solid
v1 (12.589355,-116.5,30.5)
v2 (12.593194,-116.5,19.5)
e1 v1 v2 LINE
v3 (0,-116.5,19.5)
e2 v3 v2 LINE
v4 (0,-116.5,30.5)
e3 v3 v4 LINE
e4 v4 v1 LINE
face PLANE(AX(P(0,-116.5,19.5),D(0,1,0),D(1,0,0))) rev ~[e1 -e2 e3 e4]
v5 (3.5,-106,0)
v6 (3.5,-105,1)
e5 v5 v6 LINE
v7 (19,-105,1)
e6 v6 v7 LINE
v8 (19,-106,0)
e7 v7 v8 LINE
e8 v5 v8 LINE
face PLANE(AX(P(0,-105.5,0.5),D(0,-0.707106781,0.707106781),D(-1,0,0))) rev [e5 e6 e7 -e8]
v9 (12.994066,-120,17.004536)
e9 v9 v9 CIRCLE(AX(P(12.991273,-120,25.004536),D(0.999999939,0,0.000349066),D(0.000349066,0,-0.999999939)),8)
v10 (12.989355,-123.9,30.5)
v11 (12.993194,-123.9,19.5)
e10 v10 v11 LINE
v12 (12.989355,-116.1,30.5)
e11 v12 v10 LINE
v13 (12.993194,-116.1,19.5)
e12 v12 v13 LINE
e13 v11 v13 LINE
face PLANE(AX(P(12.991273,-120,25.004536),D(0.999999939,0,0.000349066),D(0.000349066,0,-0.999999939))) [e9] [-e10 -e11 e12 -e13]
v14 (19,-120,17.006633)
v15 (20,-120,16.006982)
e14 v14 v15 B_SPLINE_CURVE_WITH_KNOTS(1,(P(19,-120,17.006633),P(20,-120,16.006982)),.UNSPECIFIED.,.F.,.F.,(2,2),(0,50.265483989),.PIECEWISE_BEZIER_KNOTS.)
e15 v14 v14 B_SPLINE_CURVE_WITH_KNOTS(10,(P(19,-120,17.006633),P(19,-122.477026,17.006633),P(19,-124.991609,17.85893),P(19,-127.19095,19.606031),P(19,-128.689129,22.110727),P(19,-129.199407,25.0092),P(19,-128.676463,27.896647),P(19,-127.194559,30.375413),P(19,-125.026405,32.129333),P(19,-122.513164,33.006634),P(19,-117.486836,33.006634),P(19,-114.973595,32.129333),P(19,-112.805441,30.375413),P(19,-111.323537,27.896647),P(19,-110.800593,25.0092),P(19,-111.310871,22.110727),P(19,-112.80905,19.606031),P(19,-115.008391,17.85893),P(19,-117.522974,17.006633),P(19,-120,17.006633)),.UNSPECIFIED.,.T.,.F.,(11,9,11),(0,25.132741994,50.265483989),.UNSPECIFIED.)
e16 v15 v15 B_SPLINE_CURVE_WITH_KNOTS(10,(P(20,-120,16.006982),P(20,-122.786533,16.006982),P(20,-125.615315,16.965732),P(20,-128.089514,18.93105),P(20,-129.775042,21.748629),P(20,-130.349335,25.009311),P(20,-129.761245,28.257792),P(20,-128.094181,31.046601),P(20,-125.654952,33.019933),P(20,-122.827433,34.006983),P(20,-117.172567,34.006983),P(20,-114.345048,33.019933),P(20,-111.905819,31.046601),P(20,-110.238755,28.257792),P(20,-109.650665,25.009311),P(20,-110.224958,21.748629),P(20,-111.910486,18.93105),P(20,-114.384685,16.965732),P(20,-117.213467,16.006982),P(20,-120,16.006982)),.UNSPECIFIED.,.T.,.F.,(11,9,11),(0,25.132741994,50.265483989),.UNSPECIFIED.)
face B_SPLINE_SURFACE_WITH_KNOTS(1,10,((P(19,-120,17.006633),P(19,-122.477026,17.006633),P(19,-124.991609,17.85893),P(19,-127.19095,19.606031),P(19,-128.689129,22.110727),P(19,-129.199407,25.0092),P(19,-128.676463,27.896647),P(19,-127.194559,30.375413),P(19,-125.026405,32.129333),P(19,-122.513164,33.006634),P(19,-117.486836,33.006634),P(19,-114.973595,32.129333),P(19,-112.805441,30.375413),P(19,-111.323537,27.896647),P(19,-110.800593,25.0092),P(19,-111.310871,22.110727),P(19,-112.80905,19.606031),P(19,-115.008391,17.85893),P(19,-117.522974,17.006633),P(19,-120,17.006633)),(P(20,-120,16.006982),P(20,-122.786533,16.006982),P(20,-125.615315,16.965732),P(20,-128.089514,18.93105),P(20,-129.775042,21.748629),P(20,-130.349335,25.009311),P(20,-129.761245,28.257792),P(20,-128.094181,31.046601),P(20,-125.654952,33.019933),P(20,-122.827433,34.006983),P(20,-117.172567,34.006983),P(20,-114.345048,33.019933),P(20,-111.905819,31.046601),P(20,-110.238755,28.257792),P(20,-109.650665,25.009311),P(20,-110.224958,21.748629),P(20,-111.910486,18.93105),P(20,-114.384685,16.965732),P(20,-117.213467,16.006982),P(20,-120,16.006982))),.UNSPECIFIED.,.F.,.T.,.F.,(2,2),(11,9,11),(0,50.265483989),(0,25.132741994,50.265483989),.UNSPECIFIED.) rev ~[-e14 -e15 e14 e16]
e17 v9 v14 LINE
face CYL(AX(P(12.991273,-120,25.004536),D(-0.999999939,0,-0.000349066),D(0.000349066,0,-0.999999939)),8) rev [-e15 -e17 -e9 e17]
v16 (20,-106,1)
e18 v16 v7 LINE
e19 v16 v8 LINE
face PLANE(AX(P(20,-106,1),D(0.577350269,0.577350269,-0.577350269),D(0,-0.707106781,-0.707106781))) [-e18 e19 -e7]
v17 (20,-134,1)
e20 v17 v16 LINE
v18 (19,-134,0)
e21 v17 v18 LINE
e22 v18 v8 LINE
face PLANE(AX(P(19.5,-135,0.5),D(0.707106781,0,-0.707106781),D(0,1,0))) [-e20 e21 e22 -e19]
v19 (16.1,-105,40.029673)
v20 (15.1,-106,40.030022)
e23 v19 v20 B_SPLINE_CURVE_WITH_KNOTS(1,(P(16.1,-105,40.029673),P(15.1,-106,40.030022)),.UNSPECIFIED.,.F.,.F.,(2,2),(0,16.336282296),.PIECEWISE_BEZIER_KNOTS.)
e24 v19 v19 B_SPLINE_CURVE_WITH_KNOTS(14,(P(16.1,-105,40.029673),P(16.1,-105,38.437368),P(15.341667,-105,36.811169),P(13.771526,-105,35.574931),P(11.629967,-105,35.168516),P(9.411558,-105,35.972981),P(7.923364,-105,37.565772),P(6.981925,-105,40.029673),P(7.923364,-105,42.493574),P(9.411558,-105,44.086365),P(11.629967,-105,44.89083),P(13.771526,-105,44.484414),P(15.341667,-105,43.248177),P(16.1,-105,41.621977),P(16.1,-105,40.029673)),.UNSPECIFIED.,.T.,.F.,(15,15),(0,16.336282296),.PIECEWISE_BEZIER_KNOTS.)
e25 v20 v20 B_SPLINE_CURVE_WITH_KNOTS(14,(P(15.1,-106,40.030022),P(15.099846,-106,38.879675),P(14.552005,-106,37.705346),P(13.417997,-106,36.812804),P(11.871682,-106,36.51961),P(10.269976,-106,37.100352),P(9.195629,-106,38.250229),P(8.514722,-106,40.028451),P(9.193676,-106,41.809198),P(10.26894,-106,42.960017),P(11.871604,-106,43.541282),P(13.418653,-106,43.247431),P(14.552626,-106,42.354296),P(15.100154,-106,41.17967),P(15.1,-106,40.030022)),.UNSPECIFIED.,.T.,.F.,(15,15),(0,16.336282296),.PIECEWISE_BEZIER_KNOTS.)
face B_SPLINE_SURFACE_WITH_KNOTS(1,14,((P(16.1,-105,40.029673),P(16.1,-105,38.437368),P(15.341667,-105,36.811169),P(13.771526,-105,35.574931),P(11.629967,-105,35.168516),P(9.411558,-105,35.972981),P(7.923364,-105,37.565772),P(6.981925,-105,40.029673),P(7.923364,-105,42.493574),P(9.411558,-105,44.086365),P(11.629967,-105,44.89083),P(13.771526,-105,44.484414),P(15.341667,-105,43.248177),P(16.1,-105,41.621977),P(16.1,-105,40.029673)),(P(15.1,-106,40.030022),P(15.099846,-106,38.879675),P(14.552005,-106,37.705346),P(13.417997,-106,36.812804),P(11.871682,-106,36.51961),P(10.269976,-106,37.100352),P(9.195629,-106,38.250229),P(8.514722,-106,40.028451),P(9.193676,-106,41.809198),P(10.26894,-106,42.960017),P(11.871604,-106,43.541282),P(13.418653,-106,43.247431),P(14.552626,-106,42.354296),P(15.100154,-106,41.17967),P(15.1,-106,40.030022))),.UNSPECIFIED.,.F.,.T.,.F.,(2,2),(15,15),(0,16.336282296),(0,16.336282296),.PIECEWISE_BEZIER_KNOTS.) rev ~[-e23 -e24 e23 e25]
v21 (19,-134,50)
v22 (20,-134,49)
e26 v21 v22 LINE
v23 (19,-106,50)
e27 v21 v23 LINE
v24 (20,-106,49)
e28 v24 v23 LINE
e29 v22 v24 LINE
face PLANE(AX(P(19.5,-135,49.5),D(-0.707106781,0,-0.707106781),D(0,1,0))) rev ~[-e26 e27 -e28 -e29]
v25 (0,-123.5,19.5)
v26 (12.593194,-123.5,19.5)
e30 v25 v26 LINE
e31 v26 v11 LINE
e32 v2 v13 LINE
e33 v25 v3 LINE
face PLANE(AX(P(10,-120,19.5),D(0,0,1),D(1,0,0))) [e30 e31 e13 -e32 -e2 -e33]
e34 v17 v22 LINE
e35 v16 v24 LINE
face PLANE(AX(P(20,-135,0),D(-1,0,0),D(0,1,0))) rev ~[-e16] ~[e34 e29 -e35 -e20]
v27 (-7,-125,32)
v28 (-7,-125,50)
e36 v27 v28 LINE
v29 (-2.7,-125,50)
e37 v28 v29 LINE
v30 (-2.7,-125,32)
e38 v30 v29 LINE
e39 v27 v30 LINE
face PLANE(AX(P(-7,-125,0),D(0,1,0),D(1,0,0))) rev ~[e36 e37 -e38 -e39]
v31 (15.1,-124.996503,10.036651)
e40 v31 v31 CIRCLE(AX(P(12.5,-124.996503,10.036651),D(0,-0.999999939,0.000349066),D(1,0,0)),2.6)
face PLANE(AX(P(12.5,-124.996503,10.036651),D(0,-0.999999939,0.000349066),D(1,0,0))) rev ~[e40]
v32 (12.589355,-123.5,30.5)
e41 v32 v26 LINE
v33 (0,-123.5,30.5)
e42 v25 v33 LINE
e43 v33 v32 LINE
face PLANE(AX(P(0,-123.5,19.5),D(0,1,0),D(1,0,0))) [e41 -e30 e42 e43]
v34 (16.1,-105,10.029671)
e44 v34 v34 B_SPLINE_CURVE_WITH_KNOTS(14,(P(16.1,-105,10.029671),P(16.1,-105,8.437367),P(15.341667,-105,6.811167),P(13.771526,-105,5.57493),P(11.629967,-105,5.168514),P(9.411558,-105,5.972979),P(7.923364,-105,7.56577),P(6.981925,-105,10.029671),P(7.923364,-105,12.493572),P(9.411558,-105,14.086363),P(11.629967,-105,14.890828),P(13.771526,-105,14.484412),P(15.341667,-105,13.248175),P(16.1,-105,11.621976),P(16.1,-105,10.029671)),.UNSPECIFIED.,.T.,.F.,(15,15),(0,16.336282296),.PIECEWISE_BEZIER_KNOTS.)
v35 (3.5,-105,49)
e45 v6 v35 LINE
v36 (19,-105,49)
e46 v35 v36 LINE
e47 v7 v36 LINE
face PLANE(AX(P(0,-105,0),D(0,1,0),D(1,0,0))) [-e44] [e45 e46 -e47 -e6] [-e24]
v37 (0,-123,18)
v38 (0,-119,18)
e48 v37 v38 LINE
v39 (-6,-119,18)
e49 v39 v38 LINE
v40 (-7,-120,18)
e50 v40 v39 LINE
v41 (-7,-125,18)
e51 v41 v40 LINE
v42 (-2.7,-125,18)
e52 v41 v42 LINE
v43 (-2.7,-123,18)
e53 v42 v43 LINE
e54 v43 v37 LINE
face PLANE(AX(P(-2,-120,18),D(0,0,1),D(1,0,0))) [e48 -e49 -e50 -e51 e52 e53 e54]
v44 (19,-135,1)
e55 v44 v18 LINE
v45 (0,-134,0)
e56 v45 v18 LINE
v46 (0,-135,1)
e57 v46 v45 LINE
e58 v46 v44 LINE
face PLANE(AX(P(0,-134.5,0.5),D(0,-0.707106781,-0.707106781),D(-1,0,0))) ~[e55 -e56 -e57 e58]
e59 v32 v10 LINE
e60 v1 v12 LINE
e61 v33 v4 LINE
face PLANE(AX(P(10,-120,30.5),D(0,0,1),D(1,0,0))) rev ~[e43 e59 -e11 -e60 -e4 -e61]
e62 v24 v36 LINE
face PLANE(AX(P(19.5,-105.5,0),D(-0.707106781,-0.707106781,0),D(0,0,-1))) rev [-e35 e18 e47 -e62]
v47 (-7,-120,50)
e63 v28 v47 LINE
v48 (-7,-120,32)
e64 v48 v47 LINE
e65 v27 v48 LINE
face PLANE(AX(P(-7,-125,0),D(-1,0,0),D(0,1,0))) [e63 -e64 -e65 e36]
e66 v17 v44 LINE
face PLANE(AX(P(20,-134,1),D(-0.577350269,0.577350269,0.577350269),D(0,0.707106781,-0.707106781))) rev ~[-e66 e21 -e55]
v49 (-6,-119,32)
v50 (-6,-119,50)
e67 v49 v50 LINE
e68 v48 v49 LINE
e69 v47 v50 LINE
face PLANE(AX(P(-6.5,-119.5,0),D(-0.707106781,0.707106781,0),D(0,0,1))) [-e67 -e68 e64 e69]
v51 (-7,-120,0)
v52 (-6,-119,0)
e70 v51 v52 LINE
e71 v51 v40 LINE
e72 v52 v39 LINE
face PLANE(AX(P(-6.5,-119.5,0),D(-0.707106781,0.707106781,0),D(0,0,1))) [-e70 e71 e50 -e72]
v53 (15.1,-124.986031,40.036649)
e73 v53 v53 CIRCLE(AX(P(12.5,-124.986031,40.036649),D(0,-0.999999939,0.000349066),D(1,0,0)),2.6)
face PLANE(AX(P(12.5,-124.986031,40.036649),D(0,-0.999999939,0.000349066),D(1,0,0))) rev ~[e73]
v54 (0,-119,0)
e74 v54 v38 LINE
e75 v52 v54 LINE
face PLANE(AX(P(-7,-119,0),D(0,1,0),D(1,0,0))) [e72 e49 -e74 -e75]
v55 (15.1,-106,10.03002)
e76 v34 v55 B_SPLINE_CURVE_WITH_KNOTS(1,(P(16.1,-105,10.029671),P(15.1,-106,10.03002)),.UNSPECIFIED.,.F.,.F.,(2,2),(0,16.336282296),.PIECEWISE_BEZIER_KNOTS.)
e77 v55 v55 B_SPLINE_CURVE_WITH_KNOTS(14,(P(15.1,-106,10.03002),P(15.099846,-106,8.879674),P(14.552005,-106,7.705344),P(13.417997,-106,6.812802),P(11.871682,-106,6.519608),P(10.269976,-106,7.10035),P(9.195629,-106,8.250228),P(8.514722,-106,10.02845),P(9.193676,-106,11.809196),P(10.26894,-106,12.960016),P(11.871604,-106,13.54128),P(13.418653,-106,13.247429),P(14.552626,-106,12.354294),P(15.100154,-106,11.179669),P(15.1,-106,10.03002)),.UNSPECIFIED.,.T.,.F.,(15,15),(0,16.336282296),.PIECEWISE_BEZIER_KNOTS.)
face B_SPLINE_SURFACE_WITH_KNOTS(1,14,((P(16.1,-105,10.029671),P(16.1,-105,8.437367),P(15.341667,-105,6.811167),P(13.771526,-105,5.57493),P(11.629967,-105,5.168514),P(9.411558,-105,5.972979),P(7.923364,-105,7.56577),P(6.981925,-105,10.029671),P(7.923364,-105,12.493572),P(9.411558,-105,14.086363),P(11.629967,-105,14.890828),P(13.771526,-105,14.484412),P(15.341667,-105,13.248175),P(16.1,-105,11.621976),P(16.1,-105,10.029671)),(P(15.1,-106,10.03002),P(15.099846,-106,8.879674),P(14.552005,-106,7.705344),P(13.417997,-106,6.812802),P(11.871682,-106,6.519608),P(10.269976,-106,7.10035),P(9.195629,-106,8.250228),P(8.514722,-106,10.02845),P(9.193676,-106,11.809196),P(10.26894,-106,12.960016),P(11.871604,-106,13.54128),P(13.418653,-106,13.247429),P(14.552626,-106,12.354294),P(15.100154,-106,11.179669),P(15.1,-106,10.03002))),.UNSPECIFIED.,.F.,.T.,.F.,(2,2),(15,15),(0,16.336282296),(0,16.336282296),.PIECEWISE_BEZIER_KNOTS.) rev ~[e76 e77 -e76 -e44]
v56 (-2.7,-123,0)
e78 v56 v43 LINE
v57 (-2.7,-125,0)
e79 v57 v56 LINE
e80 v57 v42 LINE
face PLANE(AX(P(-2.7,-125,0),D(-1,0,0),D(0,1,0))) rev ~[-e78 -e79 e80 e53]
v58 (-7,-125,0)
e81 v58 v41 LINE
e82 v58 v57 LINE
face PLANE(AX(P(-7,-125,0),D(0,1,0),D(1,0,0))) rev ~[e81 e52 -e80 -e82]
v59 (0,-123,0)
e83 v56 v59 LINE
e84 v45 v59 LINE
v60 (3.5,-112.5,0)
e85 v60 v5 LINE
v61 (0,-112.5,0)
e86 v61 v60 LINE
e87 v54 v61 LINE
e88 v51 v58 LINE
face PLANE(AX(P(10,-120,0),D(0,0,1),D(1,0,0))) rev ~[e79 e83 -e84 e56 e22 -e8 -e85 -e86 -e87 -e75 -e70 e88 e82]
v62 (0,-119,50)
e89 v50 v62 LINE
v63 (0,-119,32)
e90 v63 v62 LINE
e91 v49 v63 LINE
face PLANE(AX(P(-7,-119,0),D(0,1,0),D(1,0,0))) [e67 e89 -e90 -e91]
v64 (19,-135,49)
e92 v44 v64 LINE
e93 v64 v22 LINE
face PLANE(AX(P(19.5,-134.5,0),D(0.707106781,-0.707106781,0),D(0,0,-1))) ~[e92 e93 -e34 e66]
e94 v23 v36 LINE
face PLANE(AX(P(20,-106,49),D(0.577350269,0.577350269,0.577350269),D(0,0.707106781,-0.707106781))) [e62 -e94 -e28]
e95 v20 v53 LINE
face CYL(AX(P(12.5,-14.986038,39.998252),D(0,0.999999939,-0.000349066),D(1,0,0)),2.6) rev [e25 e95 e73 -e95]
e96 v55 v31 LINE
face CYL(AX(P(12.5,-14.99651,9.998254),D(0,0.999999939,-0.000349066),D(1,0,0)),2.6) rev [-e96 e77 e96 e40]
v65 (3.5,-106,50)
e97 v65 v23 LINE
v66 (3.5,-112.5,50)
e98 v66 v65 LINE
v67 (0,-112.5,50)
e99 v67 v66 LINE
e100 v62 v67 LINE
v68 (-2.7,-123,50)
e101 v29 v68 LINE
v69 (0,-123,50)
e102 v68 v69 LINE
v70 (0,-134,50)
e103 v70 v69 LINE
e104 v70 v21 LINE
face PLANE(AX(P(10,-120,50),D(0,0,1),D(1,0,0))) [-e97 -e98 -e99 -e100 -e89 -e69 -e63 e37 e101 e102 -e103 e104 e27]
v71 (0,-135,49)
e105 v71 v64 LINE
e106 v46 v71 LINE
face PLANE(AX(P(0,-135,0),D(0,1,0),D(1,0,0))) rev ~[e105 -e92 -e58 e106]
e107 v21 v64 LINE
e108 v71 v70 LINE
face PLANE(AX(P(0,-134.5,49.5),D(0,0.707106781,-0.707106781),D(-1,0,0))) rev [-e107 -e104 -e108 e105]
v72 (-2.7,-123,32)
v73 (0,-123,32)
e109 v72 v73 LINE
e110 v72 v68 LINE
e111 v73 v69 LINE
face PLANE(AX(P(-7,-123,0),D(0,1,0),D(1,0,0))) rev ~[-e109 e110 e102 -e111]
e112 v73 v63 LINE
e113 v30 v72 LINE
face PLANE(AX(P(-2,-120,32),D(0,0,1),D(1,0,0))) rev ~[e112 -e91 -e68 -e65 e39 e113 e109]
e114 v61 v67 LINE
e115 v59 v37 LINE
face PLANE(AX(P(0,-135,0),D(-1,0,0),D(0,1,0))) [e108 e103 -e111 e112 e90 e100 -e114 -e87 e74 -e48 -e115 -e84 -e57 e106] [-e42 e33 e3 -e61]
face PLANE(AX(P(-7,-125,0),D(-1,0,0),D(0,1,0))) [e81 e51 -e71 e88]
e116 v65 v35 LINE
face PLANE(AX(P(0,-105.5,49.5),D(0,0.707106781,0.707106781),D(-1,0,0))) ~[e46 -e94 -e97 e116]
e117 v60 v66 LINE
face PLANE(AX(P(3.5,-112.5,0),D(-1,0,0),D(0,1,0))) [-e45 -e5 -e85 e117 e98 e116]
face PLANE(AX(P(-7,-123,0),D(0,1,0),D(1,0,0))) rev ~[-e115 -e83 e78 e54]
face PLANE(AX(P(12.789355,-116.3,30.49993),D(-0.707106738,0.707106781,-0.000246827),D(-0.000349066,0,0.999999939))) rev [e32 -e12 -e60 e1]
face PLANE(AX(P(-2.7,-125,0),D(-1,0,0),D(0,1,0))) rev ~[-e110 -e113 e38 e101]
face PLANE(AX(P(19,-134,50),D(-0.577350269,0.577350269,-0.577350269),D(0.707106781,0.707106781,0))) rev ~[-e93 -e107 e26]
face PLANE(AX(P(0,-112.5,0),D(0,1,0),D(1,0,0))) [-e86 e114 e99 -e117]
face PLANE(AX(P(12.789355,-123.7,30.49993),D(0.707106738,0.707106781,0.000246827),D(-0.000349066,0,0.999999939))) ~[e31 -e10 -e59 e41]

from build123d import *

# Parameters (mm, degrees)
BOX016_W                    = 20
BOX016_H                    = 10
BOX016_DEPTH                = 14
BOX014_W                    = 4.3
BOX014_H                    = 4
BOX014_DEPTH                = 50
BOX013_W                    = 7
BOX013_H                    = 4
BOX013_DEPTH                = 50
CHAMFER017_SIZE             = 1
CYLINDER023_R               = 8
CYLINDER023_DEPTH           = 10
CYLINDER023_PLACEMENT_ANGLE = 89.98
BOX017_W                    = 20
BOX017_H                    = 7
BOX017_DEPTH                = 11
BOX015_W                    = 3.5
BOX015_H                    = 7.5
BOX015_DEPTH                = 50
CYLINDER021_R               = 2.6
CYLINDER021_DEPTH           = 110
CYLINDER021_PLACEMENT_ANGLE = 89.98
CYLINDER022_R               = 2.6
CYLINDER022_DEPTH           = 110
CYLINDER022_PLACEMENT_ANGLE = 89.98
BOX012_W                    = 20
BOX012_H                    = 30
BOX012_DEPTH                = 50
CHAMFER005_SIZE             = 1
CHAMFER007_SIZE             = 0.4
CHAMFER008_SIZE             = 1
CHAMFER018_SIZE             = 1


with BuildPart() as cube016:
    # Box016 → Box016 (new body)
    with BuildSketch(Plane(origin=(-12, -125, 18), x_dir=(1, 0, 0), z_dir=(0, 0, 1))):
        with Locations((10, 5)):
            Rectangle(BOX016_W, BOX016_H)
    extrude(amount=BOX016_DEPTH)


with BuildPart() as cube014:
    # Box014 → Box014 (new body)
    with BuildSketch(Plane(origin=(-7, -125, 0), x_dir=(1, 0, 0), z_dir=(0, 0, 1))):
        with Locations((2.15, 2)):
            Rectangle(BOX014_W, BOX014_H)
    extrude(amount=BOX014_DEPTH)


with BuildPart() as cut035:
    # Box013 → Box013 (new body)
    with BuildSketch(Plane(origin=(-7, -123, 0), x_dir=(1, 0, 0), z_dir=(0, 0, 1))):
        with Locations((3.5, 2)):
            Rectangle(BOX013_W, BOX013_H)
    extrude(amount=BOX013_DEPTH)

    # Chamfer017
    chamfer017_edges = [cut035.edges().sort_by_distance(p)[0] for p in [
        (-7, -119, 25),
    ]]
    chamfer(chamfer017_edges, length=CHAMFER017_SIZE)

    # Fusion: union Cube014
    add(cube014.part)

    # Cut035: cut Cube016
    add(cube016.part, mode=Mode.SUBTRACT)


with BuildPart() as cylinder023:
    # Cylinder023 → Cylinder023 (new body)
    with BuildSketch(Plane.XY):
        Circle(CYLINDER023_R)
    extrude(amount=CYLINDER023_DEPTH)


with BuildPart() as cylinder023_1:
    # Cylinder023 placement: moved
    add(cylinder023.part.moved(Location((12.991273, -120, 25.004536))).rotate(Axis((12.991273, -120, 25.004536), (0, 1, 0)), CYLINDER023_PLACEMENT_ANGLE))


with BuildPart() as cube017:
    # Box017 → Box017 (new body)
    with BuildSketch(Plane(origin=(0, -123.5, 19.5), x_dir=(1, 0, 0), z_dir=(0, 0, 1))):
        with Locations((10, 3.5)):
            Rectangle(BOX017_W, BOX017_H)
    extrude(amount=BOX017_DEPTH)


with BuildPart() as cube015:
    # Box015 → Box015 (new body)
    with BuildSketch(Plane(origin=(0, -112.5, 0), x_dir=(1, 0, 0), z_dir=(0, 0, 1))):
        with Locations((1.75, 3.75)):
            Rectangle(BOX015_W, BOX015_H)
    extrude(amount=BOX015_DEPTH)


with BuildPart() as cylinder021:
    # Cylinder021 → Cylinder021 (new body)
    with BuildSketch(Plane.XY):
        Circle(CYLINDER021_R)
    extrude(amount=CYLINDER021_DEPTH)


with BuildPart() as cylinder021_1:
    # Cylinder021 placement: moved
    add(cylinder021.part.moved(Location((12.5, 5.00349, 9.998254))).rotate(Axis((12.5, 5.00349, 9.998254), (1, 0, 0)), CYLINDER021_PLACEMENT_ANGLE))


with BuildPart() as fusion003005:
    # Cylinder022 → Cylinder022 (new body)
    with BuildSketch(Plane.XY):
        Circle(CYLINDER022_R)
    extrude(amount=CYLINDER022_DEPTH)


with BuildPart() as fusion003005_1:
    # Cylinder022 placement: moved
    add(fusion003005.part.moved(Location((12.5, 5.013962, 39.998252))).rotate(Axis((12.5, 5.013962, 39.998252), (1, 0, 0)), CYLINDER022_PLACEMENT_ANGLE))

    # Fusion003005: union Cylinder021
    add(cylinder021_1.part)


with BuildPart() as fusion003005_2:
    # Fusion003005 placement: moved
    add(fusion003005_1.part.moved(Location((0, -20, 0))))


with BuildPart() as spool_bottom:
    # Box012 → Box012 (new body)
    with BuildSketch(Plane(origin=(0, -135, 0), x_dir=(1, 0, 0), z_dir=(0, 0, 1))):
        with Locations((10, 15)):
            Rectangle(BOX012_W, BOX012_H)
    extrude(amount=BOX012_DEPTH)

    # Cut019: cut Fusion003005
    add(fusion003005_2.part, mode=Mode.SUBTRACT)

    # Chamfer005
    chamfer005_edges = [spool_bottom.edges().sort_by_distance(p)[0] for p in [
        (10, -135, 0),
        (20, -135, 25),
        (10, -135, 50),
        (10, -105, 50),
        (20, -120, 50),
        (10, -105, 0),
        (20, -105, 25),
        (20, -120, 0),
    ]]
    chamfer(chamfer005_edges, length=CHAMFER005_SIZE)

    # Cut020: cut Cube015
    add(cube015.part, mode=Mode.SUBTRACT)

    # Cut021: cut Cube017
    add(cube017.part, mode=Mode.SUBTRACT)

    # Cut022: cut Cylinder023
    add(cylinder023_1.part, mode=Mode.SUBTRACT)

    # Chamfer007
    chamfer007_edges = [spool_bottom.edges().sort_by_distance(p)[0] for p in [
        (12.991274, -123.5, 25),
        (12.991274, -116.5, 25),
    ]]
    chamfer(chamfer007_edges, length=CHAMFER007_SIZE)

    # Chamfer008
    chamfer008_edges = [spool_bottom.edges().sort_by_distance(p)[0] for p in [
        (20, -120, 33.006983),
    ]]
    chamfer(chamfer008_edges, length=CHAMFER008_SIZE)

    # Fusion003010: union Cut035
    add(cut035.part)

    # Chamfer018
    chamfer018_edges = [spool_bottom.edges().sort_by_distance(p)[0] for p in [
        (9.9, -105, 40.029673),
        (9.9, -105, 10.029671),
    ]]
    chamfer(chamfer018_edges, length=CHAMFER018_SIZE)


solid = spool_bottom.part
